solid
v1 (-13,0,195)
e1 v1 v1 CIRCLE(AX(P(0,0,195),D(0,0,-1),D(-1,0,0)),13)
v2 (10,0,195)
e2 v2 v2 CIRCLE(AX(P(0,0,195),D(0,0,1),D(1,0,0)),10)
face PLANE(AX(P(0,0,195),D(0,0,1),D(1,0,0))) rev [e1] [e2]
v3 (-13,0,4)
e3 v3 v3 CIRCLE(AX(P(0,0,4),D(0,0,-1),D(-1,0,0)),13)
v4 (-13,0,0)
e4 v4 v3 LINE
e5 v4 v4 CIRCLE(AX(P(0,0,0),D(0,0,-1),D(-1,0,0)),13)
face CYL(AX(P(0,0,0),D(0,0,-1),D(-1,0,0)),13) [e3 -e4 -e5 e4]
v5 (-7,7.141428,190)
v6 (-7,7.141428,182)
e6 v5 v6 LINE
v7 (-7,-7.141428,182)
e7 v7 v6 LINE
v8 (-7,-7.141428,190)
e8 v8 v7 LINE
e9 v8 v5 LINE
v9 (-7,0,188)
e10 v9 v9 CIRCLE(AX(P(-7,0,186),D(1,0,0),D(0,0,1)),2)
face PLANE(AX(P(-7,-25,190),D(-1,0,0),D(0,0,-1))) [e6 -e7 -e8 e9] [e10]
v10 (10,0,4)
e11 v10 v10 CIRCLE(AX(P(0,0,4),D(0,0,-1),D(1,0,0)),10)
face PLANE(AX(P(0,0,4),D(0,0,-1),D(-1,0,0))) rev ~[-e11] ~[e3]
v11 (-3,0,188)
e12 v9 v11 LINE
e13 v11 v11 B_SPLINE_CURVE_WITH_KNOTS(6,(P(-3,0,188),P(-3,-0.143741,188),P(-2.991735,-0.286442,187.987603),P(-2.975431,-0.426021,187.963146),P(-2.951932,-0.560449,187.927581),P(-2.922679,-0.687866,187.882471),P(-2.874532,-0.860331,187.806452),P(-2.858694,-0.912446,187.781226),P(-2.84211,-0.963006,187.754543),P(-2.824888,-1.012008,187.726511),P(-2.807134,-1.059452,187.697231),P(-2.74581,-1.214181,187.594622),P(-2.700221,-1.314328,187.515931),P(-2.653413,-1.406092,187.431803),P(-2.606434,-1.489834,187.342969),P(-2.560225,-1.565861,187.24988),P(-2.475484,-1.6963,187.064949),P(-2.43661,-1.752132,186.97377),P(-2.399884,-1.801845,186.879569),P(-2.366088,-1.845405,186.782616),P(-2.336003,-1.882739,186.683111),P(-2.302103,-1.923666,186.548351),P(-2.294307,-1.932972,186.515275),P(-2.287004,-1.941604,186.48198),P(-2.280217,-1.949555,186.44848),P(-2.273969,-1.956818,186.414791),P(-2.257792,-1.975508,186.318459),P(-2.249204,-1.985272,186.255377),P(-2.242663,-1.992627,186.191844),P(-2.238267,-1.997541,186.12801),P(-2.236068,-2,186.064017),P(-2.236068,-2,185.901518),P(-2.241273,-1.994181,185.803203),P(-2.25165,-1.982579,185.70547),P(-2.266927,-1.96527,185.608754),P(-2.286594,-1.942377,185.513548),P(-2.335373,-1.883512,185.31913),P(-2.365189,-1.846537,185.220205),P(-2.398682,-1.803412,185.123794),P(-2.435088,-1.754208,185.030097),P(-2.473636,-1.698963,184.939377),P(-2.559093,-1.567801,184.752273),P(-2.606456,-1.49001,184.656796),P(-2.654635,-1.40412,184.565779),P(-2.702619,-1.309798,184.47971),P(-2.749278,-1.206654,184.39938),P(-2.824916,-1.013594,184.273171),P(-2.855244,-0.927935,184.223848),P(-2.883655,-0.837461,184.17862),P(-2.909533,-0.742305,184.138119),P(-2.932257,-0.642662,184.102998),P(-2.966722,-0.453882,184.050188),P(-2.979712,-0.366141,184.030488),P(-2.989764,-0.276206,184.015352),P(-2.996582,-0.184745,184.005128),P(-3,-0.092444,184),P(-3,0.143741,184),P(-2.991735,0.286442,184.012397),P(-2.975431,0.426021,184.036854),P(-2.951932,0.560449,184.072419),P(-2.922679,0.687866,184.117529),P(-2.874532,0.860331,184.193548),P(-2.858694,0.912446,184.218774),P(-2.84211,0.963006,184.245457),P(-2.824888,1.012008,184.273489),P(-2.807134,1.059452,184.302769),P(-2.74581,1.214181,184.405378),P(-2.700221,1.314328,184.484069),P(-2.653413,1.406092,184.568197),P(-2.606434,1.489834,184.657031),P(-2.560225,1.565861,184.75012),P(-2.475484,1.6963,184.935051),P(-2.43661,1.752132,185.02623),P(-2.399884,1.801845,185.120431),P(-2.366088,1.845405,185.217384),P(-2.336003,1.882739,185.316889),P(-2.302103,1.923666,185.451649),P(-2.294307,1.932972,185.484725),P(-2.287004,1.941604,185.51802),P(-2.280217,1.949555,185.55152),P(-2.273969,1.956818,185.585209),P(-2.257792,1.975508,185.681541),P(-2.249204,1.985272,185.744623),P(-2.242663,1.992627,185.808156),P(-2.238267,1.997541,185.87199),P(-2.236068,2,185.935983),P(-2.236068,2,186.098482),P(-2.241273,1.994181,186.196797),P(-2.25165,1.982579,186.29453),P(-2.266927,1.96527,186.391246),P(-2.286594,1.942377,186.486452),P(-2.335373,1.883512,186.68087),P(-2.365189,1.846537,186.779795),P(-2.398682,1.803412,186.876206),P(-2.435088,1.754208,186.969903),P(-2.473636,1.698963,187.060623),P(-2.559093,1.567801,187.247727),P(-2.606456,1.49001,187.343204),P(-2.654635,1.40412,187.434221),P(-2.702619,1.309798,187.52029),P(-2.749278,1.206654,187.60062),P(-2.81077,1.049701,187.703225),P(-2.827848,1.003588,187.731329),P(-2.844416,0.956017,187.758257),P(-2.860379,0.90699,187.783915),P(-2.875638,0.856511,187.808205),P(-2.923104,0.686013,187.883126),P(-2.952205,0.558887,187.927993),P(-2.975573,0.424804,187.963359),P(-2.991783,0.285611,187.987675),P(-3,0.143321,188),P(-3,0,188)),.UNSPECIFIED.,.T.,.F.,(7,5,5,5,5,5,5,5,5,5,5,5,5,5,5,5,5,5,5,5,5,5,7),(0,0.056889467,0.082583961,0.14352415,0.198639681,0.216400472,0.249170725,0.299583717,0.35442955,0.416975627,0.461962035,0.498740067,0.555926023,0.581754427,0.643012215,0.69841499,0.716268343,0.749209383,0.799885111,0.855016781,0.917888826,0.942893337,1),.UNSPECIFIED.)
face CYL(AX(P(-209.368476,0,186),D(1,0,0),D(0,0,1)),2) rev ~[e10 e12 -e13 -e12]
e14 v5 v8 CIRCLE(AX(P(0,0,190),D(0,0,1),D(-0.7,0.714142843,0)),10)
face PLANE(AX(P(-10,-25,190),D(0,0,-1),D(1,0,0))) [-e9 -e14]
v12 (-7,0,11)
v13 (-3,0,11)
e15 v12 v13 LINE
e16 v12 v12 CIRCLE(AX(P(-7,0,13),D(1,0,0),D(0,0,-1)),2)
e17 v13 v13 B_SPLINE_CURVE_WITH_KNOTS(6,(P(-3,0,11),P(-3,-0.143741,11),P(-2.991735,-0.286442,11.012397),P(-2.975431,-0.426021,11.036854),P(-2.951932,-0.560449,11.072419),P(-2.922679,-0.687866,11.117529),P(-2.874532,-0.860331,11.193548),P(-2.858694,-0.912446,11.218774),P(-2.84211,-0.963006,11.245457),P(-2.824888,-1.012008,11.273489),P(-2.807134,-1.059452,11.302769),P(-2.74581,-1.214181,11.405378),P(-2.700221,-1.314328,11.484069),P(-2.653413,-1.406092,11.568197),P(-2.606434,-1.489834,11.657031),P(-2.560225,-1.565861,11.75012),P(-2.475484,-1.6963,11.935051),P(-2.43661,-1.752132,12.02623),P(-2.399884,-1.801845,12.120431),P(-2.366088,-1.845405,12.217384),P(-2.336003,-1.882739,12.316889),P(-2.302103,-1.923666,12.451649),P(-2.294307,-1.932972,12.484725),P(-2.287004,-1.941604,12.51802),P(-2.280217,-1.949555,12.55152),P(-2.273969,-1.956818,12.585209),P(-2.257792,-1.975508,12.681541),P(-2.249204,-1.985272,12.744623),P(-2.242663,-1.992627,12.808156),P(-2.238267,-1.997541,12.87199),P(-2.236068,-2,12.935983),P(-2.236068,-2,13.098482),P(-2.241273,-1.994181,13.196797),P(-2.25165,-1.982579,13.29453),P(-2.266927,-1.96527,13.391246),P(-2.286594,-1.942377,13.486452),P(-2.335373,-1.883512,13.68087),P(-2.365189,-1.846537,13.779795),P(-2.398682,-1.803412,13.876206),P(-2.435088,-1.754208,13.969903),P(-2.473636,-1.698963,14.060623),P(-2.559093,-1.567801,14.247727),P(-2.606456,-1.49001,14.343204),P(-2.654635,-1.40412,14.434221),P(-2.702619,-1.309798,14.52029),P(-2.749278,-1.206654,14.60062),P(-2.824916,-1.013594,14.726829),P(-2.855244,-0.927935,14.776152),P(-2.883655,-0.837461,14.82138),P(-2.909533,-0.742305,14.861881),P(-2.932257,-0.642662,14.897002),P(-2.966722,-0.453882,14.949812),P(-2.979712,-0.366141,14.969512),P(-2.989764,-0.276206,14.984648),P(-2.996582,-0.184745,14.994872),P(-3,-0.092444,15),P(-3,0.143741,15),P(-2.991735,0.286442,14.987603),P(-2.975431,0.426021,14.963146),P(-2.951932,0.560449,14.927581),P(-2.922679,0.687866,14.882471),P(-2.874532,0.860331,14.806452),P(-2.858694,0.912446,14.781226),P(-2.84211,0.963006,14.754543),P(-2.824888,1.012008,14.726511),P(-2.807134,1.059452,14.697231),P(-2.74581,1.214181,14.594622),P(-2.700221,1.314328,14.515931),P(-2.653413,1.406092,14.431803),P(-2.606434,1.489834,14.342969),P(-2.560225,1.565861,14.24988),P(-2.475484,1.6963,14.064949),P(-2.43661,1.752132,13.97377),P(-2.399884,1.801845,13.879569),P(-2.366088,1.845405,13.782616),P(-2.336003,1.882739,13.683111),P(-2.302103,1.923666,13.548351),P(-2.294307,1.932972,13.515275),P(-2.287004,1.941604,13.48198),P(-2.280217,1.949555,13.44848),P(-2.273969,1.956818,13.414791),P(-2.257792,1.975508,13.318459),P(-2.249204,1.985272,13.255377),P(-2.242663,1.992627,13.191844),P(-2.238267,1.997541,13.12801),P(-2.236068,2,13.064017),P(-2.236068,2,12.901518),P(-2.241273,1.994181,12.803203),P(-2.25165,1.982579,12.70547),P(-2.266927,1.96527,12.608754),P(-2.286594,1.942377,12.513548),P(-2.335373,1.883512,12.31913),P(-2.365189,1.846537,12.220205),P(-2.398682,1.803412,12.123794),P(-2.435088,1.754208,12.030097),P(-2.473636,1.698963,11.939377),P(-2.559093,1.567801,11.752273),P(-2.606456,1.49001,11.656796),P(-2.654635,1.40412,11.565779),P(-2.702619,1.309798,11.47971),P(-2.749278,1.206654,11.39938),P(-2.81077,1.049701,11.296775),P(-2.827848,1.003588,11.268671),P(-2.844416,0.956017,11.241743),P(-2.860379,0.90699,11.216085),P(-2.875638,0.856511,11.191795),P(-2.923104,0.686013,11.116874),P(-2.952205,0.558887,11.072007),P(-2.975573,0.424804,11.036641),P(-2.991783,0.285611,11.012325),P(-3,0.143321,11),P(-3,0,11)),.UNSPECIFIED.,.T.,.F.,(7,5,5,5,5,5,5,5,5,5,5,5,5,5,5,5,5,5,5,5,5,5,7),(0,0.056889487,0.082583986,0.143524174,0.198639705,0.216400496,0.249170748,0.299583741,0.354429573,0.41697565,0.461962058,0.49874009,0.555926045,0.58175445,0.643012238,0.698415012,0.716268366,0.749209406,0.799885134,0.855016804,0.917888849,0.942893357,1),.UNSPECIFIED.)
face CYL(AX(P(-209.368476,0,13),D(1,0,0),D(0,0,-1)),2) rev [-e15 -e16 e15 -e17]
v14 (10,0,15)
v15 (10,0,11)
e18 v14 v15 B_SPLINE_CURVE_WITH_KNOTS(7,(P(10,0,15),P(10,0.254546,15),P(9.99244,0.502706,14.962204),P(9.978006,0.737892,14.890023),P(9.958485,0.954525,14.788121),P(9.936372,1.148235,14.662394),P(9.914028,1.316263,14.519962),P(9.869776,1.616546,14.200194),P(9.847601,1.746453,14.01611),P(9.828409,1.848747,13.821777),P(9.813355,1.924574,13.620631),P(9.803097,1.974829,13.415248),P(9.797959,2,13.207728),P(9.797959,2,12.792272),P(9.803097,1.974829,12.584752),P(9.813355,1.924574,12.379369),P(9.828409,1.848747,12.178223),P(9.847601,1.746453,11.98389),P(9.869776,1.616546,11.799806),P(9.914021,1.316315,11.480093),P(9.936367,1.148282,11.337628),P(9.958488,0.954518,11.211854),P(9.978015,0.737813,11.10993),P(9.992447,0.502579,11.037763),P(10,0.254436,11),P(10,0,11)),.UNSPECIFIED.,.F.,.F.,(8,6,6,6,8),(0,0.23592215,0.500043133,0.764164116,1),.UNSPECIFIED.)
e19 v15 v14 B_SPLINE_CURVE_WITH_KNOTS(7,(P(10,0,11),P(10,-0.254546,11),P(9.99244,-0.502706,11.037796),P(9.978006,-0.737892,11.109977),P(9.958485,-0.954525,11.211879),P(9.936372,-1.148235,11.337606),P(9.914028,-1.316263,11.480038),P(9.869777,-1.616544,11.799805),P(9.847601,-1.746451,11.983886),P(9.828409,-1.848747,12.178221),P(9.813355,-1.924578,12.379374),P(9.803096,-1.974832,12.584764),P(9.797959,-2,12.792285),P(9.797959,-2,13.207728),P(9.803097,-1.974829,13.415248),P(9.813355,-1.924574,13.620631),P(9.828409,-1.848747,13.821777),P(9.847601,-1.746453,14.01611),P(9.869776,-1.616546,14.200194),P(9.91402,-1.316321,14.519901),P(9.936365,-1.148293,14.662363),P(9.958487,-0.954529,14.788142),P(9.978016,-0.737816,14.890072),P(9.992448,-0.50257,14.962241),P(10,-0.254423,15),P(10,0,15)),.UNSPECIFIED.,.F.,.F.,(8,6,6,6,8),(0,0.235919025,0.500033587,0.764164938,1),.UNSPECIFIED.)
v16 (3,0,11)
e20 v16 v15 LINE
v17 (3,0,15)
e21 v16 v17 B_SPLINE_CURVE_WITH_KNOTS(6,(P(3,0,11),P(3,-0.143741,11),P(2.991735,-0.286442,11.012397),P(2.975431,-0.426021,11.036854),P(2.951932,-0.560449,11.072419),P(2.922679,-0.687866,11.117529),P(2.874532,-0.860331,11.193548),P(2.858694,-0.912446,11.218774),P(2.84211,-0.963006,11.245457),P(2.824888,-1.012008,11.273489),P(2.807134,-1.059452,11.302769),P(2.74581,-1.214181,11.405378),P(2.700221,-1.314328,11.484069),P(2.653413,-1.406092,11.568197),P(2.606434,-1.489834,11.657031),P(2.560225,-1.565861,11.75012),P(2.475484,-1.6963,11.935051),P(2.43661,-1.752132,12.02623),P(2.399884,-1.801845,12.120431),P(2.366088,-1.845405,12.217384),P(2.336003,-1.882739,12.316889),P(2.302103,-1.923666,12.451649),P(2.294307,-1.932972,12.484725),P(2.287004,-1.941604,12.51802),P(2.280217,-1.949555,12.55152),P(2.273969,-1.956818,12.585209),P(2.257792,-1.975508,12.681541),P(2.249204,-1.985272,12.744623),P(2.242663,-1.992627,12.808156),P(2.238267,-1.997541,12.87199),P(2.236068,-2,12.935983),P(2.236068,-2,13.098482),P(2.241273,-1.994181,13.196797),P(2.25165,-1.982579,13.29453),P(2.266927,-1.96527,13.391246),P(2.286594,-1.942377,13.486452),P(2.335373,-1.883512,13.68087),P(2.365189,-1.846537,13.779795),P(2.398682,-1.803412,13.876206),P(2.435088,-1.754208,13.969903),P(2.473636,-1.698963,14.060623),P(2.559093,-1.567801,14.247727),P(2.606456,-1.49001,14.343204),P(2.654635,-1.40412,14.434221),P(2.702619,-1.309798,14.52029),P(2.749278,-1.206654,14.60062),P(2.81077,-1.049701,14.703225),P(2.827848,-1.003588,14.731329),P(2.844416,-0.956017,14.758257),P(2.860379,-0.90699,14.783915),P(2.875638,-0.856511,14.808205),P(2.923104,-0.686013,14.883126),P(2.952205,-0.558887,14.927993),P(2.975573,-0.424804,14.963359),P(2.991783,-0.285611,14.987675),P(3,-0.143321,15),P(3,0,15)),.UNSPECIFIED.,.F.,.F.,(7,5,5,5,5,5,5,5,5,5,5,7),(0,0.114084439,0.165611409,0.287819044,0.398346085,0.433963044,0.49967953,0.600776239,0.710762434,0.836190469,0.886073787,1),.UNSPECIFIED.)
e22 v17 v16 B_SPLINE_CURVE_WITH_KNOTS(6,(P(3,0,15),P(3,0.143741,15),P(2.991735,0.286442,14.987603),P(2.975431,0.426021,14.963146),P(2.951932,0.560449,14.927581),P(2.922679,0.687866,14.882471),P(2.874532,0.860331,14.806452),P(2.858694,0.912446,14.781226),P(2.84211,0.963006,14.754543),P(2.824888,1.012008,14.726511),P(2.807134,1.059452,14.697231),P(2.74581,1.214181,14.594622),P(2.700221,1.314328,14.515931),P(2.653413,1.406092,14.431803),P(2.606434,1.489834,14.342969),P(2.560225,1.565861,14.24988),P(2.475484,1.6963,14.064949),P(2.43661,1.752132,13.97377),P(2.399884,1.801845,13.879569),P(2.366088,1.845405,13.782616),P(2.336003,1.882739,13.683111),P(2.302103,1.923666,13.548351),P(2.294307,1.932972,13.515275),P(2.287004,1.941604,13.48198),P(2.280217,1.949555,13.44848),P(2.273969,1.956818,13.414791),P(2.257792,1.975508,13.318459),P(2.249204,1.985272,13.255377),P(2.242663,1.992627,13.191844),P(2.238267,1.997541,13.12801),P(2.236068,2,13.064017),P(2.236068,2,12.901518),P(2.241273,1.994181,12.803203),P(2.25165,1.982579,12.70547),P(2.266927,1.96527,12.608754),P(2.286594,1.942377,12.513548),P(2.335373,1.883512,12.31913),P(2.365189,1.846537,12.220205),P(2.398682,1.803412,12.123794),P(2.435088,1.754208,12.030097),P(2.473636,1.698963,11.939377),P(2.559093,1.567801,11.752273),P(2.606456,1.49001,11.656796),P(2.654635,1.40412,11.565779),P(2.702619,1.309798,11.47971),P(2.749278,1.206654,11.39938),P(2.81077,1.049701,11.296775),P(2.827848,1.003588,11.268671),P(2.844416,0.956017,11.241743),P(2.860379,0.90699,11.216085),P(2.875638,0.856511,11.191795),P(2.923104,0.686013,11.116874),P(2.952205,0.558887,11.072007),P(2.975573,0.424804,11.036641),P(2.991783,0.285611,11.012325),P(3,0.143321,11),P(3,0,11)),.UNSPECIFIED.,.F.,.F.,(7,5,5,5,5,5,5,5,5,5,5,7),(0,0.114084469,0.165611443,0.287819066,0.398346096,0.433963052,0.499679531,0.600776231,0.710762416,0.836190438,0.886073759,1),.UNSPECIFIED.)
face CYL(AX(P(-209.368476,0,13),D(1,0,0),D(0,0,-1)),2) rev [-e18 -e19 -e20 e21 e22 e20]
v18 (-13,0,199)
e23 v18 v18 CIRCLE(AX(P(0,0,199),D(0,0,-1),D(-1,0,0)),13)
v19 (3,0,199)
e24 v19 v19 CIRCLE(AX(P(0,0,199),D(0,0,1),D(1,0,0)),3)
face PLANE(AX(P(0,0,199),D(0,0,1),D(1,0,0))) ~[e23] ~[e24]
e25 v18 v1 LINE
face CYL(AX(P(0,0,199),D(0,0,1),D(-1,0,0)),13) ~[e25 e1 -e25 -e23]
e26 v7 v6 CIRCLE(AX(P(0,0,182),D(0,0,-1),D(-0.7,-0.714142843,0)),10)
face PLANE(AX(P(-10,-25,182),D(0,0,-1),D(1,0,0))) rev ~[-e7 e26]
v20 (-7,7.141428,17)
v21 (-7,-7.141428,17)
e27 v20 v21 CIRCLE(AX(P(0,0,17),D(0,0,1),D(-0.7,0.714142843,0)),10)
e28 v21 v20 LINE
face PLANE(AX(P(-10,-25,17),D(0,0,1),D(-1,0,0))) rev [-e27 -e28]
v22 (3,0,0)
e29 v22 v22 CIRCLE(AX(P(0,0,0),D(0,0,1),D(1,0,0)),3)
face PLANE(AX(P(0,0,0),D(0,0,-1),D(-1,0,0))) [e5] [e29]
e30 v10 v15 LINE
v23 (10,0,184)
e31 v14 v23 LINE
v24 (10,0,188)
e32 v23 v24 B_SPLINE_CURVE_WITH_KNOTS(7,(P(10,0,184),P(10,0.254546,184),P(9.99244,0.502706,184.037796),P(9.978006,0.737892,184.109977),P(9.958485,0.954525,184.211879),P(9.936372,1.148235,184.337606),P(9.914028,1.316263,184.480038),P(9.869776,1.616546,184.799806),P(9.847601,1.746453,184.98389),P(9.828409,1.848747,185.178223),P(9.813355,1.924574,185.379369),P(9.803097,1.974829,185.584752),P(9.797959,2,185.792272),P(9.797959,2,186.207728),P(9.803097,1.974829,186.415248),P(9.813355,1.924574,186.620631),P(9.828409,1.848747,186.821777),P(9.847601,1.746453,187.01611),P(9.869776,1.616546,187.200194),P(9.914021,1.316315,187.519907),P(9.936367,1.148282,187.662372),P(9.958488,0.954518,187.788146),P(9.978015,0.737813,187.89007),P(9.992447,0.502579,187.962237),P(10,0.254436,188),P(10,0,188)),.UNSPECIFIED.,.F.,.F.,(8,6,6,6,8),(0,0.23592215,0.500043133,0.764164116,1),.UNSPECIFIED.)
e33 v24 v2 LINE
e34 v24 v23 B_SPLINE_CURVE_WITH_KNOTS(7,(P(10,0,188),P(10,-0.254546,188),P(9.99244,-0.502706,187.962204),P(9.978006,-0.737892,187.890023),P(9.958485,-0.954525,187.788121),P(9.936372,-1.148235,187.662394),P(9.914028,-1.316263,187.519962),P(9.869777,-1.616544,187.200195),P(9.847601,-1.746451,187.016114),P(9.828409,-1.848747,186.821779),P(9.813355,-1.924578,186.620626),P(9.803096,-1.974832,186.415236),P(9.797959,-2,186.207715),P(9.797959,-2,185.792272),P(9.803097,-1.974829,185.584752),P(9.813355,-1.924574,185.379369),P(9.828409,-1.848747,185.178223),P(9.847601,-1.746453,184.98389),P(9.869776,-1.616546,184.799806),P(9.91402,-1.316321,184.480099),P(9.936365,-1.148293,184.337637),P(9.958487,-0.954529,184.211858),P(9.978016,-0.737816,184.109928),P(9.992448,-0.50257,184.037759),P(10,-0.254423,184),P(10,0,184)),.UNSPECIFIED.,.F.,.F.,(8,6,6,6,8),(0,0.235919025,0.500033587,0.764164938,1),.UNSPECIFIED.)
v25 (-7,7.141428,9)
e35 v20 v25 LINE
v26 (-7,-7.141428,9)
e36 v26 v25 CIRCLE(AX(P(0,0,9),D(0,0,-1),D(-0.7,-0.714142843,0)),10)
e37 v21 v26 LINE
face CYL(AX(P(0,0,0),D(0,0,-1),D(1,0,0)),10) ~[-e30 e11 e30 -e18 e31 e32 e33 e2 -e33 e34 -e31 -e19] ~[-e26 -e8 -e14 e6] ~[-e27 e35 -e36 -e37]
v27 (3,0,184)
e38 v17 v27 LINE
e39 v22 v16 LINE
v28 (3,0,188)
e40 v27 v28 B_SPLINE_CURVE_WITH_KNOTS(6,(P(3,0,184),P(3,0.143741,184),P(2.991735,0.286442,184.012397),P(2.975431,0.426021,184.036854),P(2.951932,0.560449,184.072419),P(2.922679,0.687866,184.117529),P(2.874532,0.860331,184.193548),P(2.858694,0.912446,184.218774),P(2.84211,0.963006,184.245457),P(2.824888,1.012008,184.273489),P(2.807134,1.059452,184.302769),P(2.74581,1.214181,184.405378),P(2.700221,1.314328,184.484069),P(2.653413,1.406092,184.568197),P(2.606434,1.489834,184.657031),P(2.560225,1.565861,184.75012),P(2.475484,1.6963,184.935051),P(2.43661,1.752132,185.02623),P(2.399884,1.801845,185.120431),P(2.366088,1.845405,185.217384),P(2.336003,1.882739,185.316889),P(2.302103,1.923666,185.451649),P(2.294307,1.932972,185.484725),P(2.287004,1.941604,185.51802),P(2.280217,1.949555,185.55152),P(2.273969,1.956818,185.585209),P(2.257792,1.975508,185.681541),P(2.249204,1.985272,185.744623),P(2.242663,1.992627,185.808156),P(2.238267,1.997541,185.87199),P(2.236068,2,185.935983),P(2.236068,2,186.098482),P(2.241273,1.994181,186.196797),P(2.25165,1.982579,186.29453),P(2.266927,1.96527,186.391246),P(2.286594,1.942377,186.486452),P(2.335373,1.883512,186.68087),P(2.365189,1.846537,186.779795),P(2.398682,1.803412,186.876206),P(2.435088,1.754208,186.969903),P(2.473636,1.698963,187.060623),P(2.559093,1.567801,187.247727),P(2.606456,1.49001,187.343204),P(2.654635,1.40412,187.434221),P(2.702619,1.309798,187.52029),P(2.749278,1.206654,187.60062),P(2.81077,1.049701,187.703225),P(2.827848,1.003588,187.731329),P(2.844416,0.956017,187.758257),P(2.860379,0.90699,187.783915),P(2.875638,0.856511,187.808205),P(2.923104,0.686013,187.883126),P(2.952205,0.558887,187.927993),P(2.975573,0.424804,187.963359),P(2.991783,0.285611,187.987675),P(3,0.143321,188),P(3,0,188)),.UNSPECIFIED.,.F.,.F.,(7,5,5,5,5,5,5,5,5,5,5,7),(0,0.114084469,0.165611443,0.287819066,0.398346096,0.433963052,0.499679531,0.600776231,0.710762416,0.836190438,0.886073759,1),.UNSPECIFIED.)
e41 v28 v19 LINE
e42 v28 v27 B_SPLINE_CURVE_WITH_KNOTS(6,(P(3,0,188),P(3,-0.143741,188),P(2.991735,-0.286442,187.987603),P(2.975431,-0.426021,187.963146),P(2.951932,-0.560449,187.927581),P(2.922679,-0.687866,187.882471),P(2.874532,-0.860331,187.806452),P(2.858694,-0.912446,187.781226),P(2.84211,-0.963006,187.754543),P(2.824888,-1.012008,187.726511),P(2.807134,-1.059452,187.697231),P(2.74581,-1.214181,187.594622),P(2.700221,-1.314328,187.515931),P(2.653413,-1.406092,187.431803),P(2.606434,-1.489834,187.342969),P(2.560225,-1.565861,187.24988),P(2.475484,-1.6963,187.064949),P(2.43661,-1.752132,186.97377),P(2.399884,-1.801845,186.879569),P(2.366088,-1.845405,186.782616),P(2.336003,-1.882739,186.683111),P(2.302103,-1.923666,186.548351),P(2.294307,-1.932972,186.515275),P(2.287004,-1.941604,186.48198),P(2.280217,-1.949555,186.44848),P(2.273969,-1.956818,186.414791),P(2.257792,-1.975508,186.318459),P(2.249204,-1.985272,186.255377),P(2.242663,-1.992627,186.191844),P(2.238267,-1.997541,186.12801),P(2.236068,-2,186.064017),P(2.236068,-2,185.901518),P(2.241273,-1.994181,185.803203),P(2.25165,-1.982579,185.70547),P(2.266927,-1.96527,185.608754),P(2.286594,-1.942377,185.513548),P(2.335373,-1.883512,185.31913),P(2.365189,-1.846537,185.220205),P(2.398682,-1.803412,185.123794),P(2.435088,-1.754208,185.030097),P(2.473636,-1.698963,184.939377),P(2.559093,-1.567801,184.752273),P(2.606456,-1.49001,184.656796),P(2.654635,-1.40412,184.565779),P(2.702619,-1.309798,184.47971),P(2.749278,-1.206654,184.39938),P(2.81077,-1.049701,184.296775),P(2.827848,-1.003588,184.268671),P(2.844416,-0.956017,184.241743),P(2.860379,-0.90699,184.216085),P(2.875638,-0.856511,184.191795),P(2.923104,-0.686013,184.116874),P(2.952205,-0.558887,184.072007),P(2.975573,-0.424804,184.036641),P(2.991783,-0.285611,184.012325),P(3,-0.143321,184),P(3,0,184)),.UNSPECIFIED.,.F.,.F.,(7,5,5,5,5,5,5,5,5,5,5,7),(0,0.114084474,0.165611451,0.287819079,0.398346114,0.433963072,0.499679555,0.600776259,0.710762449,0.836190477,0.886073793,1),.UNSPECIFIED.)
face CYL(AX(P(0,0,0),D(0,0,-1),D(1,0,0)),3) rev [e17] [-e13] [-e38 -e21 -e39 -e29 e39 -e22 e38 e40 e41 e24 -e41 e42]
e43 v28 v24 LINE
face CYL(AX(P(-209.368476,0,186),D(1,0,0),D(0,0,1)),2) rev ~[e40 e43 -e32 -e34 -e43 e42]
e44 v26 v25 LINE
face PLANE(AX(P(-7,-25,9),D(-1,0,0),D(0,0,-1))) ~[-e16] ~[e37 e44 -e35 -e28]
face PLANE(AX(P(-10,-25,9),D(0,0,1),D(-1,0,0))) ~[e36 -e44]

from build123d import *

# Parameters (mm, degrees)
SKETCH1_R                       = 10
SKETCH1_R_2                     = 3
BOSS_EXTRUDE1_DEPTH             = 199
SKETCH2_R                       = 13
SKETCH2_R_2                     = 10
BOSS_EXTRUDE2_DEPTH             = 4
CUT_EXTRUDE1_START              = -25
SKETCH3_W                       = 3
SKETCH3_H                       = 8
CUT_EXTRUDE1_DEPTH              = 47
F_4_0MM_CLEARANCE_DOWEL_HOLE1_D = 4


with BuildPart() as part:
    # Sketch1 → Boss-Extrude1 (new body)
    with BuildSketch(Plane.XY):
        Circle(SKETCH1_R)
        Circle(SKETCH1_R_2, mode=Mode.SUBTRACT)
    extrude(amount=BOSS_EXTRUDE1_DEPTH)

    # Sketch2 → Boss-Extrude2 (add)
    with BuildSketch(Plane(origin=(0, 0, 0), x_dir=(-1, 0, 0), z_dir=(0, 0, -1))):
        Circle(SKETCH2_R)
        Circle(SKETCH2_R_2, mode=Mode.SUBTRACT)
    boss_extrude2 = extrude(amount=-BOSS_EXTRUDE2_DEPTH)

    # Mirror1: Boss-Extrude2 across plane
    add(boss_extrude2.mirror(Plane(origin=(0, 0, 99.5), x_dir=(1, 0, 0), z_dir=(0, 0, -1))))

    # Sketch3 → Cut-Extrude1 (cut)
    with BuildSketch(Plane(origin=(0, 0, 0), x_dir=(1, 0, 0), z_dir=(0, 1, 0)).offset(CUT_EXTRUDE1_START)):
        with Locations((-8.5, -186)):
            Rectangle(SKETCH3_W, SKETCH3_H)
    cut_extrude1 = extrude(amount=CUT_EXTRUDE1_DEPTH, mode=Mode.SUBTRACT)

    # Ø4.0mm Clearance Dowel Hole1 (through all)
    with Locations(Plane(origin=(-7, 0, 186), x_dir=(0, 0, -1), z_dir=(-1, 0, 0))):
        with Locations((0, 0)):
            f_4_0mm_clearance_dowel_hole1 = Hole(F_4_0MM_CLEARANCE_DOWEL_HOLE1_D / 2)

    # Mirror2: Cut-Extrude1, Ø4.0mm Clearance Dowel Hole1 across plane
    add(cut_extrude1.mirror(Plane(origin=(0, 0, 99.5), x_dir=(1, 0, 0), z_dir=(0, 0, -1))), mode=Mode.SUBTRACT)
    add(f_4_0mm_clearance_dowel_hole1.mirror(Plane(origin=(0, 0, 99.5), x_dir=(1, 0, 0), z_dir=(0, 0, -1))), mode=Mode.SUBTRACT)


solid = part.part
